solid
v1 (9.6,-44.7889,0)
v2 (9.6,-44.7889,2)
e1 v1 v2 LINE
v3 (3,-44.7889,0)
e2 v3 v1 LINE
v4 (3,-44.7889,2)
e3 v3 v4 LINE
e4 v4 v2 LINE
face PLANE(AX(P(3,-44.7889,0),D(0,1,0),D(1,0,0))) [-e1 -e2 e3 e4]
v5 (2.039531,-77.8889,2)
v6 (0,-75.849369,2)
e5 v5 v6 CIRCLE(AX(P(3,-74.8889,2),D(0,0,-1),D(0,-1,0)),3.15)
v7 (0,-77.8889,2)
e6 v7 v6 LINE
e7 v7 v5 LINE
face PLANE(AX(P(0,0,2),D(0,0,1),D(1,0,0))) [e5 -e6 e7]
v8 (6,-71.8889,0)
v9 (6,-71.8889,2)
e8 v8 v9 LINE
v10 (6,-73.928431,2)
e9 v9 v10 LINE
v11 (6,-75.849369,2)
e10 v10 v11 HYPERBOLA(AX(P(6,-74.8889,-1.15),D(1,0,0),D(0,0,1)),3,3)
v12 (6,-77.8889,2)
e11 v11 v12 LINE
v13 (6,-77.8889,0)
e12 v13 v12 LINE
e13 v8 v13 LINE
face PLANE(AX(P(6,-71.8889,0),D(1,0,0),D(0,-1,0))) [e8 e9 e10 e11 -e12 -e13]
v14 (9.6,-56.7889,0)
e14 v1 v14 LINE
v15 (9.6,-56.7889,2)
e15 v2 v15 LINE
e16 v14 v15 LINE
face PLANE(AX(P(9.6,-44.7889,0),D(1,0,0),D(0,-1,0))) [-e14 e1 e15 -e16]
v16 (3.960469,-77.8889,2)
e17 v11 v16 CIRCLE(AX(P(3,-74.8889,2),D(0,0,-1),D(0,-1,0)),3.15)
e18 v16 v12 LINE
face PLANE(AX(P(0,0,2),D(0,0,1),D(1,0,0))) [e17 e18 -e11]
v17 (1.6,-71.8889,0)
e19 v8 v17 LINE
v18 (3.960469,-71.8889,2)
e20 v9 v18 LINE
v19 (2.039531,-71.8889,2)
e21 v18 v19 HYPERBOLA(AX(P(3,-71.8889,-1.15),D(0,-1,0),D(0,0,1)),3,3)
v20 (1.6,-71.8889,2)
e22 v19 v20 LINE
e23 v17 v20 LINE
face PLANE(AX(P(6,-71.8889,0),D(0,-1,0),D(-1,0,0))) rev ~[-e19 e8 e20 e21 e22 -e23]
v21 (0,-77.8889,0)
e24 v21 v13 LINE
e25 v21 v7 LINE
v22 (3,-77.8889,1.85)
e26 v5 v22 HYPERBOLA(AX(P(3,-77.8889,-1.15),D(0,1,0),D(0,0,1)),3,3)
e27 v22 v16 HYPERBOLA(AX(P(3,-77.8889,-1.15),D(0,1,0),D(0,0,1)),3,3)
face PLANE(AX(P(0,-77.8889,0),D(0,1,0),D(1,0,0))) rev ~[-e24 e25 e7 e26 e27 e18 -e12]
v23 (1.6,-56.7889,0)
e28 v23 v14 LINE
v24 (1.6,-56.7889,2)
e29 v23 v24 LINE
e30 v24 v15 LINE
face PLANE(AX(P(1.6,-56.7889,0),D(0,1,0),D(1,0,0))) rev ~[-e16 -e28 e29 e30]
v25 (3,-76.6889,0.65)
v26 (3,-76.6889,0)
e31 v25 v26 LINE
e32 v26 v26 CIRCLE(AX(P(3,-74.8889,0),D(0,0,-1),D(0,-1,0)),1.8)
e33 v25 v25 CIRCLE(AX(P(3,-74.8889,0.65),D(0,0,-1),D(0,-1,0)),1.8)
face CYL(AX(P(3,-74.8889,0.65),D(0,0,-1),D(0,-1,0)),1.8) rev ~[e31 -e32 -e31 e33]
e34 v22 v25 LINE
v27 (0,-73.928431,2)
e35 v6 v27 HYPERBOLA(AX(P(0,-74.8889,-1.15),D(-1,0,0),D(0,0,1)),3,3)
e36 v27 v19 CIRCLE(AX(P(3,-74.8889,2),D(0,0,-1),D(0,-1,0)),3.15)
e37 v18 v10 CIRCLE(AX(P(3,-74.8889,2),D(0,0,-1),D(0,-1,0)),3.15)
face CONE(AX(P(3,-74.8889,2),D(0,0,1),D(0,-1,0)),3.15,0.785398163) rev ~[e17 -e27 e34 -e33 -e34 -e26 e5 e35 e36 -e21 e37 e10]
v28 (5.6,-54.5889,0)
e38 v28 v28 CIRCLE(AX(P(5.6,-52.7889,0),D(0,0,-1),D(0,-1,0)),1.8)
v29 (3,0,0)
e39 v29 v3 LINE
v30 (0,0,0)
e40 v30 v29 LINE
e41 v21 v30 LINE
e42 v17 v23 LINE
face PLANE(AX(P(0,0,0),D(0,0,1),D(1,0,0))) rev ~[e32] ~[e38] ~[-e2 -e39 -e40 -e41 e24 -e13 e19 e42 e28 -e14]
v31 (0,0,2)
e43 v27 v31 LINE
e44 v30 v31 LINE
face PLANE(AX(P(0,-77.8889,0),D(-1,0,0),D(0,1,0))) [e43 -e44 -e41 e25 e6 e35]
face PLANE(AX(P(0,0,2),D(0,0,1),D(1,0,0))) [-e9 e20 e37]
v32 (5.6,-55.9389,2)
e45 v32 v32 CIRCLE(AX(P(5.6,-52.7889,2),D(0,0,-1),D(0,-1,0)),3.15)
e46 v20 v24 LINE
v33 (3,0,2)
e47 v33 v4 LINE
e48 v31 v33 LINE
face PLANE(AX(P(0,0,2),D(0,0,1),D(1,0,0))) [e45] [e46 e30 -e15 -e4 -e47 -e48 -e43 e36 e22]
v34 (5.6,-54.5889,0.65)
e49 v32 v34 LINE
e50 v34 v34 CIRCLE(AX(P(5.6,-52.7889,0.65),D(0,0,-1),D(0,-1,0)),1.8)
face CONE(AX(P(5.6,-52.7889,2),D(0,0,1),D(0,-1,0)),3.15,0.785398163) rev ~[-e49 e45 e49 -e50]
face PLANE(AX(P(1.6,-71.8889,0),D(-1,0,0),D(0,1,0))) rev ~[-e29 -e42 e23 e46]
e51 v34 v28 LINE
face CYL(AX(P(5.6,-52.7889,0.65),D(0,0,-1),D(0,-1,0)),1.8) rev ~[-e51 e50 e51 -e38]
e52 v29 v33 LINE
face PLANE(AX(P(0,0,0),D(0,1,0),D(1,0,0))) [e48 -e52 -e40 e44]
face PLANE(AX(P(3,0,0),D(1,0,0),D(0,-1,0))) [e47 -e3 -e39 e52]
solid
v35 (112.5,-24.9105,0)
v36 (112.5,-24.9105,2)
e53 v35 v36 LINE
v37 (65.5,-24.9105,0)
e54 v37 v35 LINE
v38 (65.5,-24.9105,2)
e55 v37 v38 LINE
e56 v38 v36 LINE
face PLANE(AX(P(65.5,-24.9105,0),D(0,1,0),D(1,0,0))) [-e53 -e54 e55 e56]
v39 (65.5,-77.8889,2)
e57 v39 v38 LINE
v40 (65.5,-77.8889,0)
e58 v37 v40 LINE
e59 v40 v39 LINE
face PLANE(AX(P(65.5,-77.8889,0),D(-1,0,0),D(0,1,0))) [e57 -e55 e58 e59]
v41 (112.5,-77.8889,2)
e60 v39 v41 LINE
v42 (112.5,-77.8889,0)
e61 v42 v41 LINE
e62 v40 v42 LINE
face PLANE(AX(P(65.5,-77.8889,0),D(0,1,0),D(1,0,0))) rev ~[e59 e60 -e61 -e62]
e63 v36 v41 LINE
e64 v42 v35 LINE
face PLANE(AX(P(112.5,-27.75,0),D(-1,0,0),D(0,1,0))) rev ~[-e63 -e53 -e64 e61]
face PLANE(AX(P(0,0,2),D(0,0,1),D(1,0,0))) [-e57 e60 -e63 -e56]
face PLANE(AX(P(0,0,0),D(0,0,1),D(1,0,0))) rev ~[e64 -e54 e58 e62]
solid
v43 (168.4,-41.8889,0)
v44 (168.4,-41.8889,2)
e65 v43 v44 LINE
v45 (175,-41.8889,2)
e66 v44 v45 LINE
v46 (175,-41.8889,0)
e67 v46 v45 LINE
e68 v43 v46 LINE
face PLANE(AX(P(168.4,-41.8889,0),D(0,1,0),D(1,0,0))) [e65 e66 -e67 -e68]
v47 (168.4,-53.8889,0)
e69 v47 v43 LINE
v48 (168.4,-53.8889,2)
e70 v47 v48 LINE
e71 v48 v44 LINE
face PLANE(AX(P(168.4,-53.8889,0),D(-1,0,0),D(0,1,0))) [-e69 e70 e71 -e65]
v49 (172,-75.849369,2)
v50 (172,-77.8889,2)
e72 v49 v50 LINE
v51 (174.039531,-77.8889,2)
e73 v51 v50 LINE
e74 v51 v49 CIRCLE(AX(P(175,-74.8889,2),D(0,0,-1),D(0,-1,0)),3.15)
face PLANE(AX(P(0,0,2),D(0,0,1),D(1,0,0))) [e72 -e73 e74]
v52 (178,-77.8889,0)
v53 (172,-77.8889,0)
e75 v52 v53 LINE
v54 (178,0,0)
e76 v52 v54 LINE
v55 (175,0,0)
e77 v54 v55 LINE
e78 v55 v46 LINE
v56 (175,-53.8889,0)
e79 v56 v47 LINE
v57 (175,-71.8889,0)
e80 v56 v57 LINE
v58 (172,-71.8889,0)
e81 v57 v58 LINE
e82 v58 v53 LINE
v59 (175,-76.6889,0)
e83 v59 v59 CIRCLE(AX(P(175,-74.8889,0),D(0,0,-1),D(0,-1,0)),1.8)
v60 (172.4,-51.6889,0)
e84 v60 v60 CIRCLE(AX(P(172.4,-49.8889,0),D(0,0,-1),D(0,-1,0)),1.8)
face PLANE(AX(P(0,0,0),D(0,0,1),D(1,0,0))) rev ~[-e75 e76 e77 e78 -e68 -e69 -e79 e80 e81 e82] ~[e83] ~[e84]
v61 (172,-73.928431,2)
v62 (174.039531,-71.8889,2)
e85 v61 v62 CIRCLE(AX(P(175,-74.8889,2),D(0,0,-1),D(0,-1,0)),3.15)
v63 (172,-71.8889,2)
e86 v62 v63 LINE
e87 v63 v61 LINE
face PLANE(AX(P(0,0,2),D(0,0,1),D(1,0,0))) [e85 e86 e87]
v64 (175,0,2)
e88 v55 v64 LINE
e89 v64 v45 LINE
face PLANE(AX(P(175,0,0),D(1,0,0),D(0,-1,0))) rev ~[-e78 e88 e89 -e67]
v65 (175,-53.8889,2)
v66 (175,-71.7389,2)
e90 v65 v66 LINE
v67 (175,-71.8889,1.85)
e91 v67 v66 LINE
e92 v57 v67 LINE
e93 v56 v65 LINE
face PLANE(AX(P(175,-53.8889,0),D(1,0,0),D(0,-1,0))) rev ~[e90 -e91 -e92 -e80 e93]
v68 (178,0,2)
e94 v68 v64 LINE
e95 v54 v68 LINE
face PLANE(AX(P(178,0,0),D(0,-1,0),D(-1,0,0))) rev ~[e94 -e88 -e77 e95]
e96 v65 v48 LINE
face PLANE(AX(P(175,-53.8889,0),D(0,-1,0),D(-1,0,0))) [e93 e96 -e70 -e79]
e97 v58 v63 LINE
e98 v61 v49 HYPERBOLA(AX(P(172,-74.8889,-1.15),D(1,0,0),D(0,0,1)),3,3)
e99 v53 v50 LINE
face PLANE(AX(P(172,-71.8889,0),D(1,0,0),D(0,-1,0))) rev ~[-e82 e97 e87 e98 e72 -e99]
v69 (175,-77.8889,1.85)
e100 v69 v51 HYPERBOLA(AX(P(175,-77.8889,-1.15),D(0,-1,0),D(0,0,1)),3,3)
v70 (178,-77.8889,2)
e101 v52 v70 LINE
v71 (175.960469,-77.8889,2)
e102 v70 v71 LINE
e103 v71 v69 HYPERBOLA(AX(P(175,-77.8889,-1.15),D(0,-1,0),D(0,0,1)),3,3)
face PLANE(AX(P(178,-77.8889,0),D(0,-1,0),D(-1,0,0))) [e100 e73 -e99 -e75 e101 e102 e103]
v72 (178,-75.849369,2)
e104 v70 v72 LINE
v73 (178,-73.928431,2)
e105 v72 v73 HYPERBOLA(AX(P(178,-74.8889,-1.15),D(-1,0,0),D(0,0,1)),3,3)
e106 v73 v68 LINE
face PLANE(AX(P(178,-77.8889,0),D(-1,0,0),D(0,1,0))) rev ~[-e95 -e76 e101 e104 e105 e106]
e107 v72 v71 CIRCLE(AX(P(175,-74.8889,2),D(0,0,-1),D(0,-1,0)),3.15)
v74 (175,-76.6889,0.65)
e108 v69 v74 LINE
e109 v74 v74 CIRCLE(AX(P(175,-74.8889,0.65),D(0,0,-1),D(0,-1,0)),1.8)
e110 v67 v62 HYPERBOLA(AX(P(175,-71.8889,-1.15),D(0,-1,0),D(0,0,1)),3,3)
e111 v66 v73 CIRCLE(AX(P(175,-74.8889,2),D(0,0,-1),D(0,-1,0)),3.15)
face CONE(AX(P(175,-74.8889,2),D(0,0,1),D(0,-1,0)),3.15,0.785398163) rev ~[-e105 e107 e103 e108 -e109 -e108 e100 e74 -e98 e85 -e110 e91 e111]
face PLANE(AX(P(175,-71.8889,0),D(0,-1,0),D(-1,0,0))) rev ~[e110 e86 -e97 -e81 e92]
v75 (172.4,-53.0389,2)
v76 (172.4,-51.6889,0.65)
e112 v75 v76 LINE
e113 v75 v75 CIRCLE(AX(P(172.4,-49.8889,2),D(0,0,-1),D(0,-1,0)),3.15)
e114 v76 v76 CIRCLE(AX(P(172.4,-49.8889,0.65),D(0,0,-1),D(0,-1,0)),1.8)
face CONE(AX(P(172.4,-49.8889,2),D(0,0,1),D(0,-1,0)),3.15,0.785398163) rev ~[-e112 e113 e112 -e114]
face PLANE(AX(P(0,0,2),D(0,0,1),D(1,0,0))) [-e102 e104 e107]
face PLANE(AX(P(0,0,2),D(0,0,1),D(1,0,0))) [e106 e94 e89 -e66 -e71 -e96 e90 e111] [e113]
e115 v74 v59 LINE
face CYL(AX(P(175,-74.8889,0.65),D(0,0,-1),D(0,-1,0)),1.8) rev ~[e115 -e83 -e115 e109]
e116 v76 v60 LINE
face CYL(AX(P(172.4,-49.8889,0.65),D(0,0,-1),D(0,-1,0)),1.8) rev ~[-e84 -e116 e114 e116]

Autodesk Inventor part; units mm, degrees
ref_plane "YZ Plane" through (0, 0, 0) normal (1, 0, 0) x (0, 1, 0)
ref_plane "XZ Plane" through (0, 0, 0) normal (0, 1, 0) x (-1, 0, 0)
ref_plane "XY Plane" through (0, 0, 0) normal (0, 0, 1) x (1, 0, 0)
ref_plane "Work Plane1" through (0, 0, 0) normal (0, 0, 1) x (1, 0, 0)
sketch "Sketch1" plane through (0, 0, 0) normal (0, 0, 1) x (1, 0, 0)
  circle A0 centre (3, -74.8889) radius 2.3 projected
  line L0 (3, 0) -> (3, -44.7889) projected
  line L1 (0, 0) -> (3, 0) projected
  line L2 (0, -77.8889) -> (0, 0) projected
  line L3 (0, -77.8889) -> (6, -77.8889) projected
  line L4 (6, -71.8889) -> (6, -77.8889) projected
  line L5 (6, -71.8889) -> (1.6, -71.8889) projected
  line L6 (1.6, -71.8889) -> (1.6, -56.7889) projected
  line L7 (1.6, -56.7889) -> (9.6, -56.7889) projected
  line L8 (9.6, -44.7889) -> (9.6, -56.7889) projected
  line L9 (3, -44.7889) -> (9.6, -44.7889) projected
  circle A1 centre (5.6, -52.7889) radius 2.6 projected
  circle A2 centre (172.4, -49.8889) radius 2.6 projected
  circle A3 centre (175, -74.8889) radius 2.3 projected
  line L10 (168.4, -41.8889) -> (175, -41.8889) projected
  line L11 (168.4, -53.8889) -> (168.4, -41.8889) projected
  line L12 (175, -53.8889) -> (168.4, -53.8889) projected
  line L13 (175, -53.8889) -> (175, -71.8889) projected
  line L14 (175, -71.8889) -> (172, -71.8889) projected
  line L15 (172, -71.8889) -> (172, -77.8889) projected
  line L16 (178, -77.8889) -> (172, -77.8889) projected
  line L17 (178, -77.8889) -> (178, 0) projected
  line L18 (178, 0) -> (175, 0) projected
  line L19 (175, 0) -> (175, -41.8889) projected
  line L20 (65.5, -27.75) -> (65.5, -24.9105) projected
  line L21 (112.5, -27.75) -> (112.5, -24.9105) projected
  line L22 (62.4925, 0) -> (3, 0) projected
  line L23 (115.5075, 0) -> (175, 0) projected
  line L24 (65.5, -24.9105) -> (112.5, -24.9105)
  line L25 (112.5, -24.9105) -> (112.5, -79.9105)
  line L26 (112.5, -79.9105) -> (65.5, -79.9105)
  line L27 (65.5, -79.9105) -> (65.5, -24.9105)
  line L28 (178, 0) -> (0, 0)
  line L29 (0, 0) -> (0, -77.8889)
  line L30 (0, -77.8889) -> (178, -77.8889)
  line L31 (178, -77.8889) -> (178, 0)
  line L32 (31.25, -62.8889) -> (31.25, -73.8889) projected
  line L33 (31.25, -73.8889) -> (57.25, -73.8889) projected
  line L34 (57.25, -73.8889) -> (57.25, -62.8889) projected
  line L35 (57.25, -62.8889) -> (31.25, -62.8889) projected
  line L36 (21.2501, -70.339) -> (21.2501, -58.3388) projected
  line L37 (21.2501, -58.3388) -> (3.2499, -58.3388) projected
  line L38 (3.2499, -70.339) -> (21.2501, -70.339) projected
  line L39 (3.2499, -58.3388) -> (3.2499, -70.339) projected
  line L40 (156.2, -70.4889) -> (156.2, -59.9889) projected
  line L41 (166.7, -59.9889) -> (156.2, -59.9889) projected
  line L42 (166.7, -59.9889) -> (166.7, -70.4889) projected
  line L43 (156.2, -70.4889) -> (166.7, -70.4889) projected
  line L44 (149, -59.8889) -> (149, -70.8889) projected
  line L45 (149, -70.8889) -> (136.35, -70.8889) projected
  line L46 (136.35, -70.8889) -> (136.35, -59.8889) projected
  line L47 (136.35, -59.8889) -> (149, -59.8889) projected
  line L48 (135, -53.8889) -> (135, -71.8889) projected
  line L49 (135, -71.8889) -> (175, -71.8889) projected
  line L50 (175, -71.8889) -> (175, -53.8889) projected
  line L51 (175, -53.8889) -> (135, -53.8889) projected
  circle A4 centre (137.85, -56.7389) radius 1.5 projected
  circle A5 centre (172.15, -56.7389) radius 1.5 projected
  line L52 (2.2499, -57.3388) -> (22.2501, -57.3388)
  line L53 (22.2501, -57.3388) -> (22.2501, -71.339)
  line L54 (22.2501, -71.339) -> (2.2499, -71.339)
  line L55 (2.2499, -71.339) -> (2.2499, -57.3388)
  line L56 (30.25, -61.8889) -> (30.25, -74.8889)
  line L57 (30.25, -74.8889) -> (58.25, -74.8889)
  line L58 (58.25, -74.8889) -> (58.25, -61.8889)
  line L59 (58.25, -61.8889) -> (30.25, -61.8889)
  line L60 (155.2, -58.9889) -> (155.2, -71.4889)
  line L61 (155.2, -71.4889) -> (167.7, -71.4889)
  line L62 (167.7, -71.4889) -> (167.7, -58.9889)
  line L63 (167.7, -58.9889) -> (155.2, -58.9889)
  line L64 (150, -58.8889) -> (150, -71.8889)
  line L65 (150, -71.8889) -> (135.35, -71.8889)
  line L66 (135.35, -71.8889) -> (135.35, -58.8889)
  line L67 (135.35, -58.8889) -> (150, -58.8889)
  point P0 (112.5, 0)
  point P1 (112.5, -24.9105)
  point P2 (65.5, 0)
  point P3 (112.5, -77.8889)
  point P4 (65.5, -77.8889)
  dimension "d0" = 1
  dimension "d1" = 1
  dimension "d2" = 1
  dimension "d3" = 1
extrude "Extrusion1" add sketch "Sketch1" along normal blind 2 contours A0 | L0 L9 L8 L7 L6 L5 L4 L3 L2 L1 | L18 L17 L16 L15 L14 L13 L12 L11 L10 L19 | L27 L20 L24 L21 L25 L30 | A1 | A2 | A3
sketch "Sketch2" plane through (0, 0, 2) normal (0, 0, 1) x (1, 0, 0)
  circle A0 centre (3, -74.8889) radius 2 projected
  circle A1 centre (5.6, -52.7889) radius 2.6 projected
  circle A2 centre (172.4, -49.8889) radius 2.6 projected
  circle A3 centre (175, -74.8889) radius 2 projected
  circle A4 centre (108.4462, 27.5) radius 2.3 projected
  circle A5 centre (69.5, 27.5) radius 2.3 projected
  circle A6 centre (69.5, 4.5875) radius 2.3 projected
  circle A7 centre (108.4846, 4.5875) radius 2.3 projected
  circle A8 centre (89, 0.9661) radius 2.3 projected
  circle A9 centre (89, 29.5) radius 2.3 projected
  point P0 (0, 0)
hole "Hole1" at (3, -74.8889, 2) at (5.6, -52.7889, 2) at (175, -74.8889, 2) at (172.4, -49.8889, 2) at (89, 0.9661, 2) at (69.5, 4.5875, 2) at (108.4846, 4.5875, 2) at (89, 29.5, 2) at (69.5, 27.5, 2) at (108.4462, 27.5, 2) direction (0, 0, -1) diameter 3.6 end through all countersink diameter 6.3 countersink angle 90 clearance for "Countersunk Flat Head Screw ISO 2009/7046" size "M3" standard "ISO"
properties part number "ceil"
